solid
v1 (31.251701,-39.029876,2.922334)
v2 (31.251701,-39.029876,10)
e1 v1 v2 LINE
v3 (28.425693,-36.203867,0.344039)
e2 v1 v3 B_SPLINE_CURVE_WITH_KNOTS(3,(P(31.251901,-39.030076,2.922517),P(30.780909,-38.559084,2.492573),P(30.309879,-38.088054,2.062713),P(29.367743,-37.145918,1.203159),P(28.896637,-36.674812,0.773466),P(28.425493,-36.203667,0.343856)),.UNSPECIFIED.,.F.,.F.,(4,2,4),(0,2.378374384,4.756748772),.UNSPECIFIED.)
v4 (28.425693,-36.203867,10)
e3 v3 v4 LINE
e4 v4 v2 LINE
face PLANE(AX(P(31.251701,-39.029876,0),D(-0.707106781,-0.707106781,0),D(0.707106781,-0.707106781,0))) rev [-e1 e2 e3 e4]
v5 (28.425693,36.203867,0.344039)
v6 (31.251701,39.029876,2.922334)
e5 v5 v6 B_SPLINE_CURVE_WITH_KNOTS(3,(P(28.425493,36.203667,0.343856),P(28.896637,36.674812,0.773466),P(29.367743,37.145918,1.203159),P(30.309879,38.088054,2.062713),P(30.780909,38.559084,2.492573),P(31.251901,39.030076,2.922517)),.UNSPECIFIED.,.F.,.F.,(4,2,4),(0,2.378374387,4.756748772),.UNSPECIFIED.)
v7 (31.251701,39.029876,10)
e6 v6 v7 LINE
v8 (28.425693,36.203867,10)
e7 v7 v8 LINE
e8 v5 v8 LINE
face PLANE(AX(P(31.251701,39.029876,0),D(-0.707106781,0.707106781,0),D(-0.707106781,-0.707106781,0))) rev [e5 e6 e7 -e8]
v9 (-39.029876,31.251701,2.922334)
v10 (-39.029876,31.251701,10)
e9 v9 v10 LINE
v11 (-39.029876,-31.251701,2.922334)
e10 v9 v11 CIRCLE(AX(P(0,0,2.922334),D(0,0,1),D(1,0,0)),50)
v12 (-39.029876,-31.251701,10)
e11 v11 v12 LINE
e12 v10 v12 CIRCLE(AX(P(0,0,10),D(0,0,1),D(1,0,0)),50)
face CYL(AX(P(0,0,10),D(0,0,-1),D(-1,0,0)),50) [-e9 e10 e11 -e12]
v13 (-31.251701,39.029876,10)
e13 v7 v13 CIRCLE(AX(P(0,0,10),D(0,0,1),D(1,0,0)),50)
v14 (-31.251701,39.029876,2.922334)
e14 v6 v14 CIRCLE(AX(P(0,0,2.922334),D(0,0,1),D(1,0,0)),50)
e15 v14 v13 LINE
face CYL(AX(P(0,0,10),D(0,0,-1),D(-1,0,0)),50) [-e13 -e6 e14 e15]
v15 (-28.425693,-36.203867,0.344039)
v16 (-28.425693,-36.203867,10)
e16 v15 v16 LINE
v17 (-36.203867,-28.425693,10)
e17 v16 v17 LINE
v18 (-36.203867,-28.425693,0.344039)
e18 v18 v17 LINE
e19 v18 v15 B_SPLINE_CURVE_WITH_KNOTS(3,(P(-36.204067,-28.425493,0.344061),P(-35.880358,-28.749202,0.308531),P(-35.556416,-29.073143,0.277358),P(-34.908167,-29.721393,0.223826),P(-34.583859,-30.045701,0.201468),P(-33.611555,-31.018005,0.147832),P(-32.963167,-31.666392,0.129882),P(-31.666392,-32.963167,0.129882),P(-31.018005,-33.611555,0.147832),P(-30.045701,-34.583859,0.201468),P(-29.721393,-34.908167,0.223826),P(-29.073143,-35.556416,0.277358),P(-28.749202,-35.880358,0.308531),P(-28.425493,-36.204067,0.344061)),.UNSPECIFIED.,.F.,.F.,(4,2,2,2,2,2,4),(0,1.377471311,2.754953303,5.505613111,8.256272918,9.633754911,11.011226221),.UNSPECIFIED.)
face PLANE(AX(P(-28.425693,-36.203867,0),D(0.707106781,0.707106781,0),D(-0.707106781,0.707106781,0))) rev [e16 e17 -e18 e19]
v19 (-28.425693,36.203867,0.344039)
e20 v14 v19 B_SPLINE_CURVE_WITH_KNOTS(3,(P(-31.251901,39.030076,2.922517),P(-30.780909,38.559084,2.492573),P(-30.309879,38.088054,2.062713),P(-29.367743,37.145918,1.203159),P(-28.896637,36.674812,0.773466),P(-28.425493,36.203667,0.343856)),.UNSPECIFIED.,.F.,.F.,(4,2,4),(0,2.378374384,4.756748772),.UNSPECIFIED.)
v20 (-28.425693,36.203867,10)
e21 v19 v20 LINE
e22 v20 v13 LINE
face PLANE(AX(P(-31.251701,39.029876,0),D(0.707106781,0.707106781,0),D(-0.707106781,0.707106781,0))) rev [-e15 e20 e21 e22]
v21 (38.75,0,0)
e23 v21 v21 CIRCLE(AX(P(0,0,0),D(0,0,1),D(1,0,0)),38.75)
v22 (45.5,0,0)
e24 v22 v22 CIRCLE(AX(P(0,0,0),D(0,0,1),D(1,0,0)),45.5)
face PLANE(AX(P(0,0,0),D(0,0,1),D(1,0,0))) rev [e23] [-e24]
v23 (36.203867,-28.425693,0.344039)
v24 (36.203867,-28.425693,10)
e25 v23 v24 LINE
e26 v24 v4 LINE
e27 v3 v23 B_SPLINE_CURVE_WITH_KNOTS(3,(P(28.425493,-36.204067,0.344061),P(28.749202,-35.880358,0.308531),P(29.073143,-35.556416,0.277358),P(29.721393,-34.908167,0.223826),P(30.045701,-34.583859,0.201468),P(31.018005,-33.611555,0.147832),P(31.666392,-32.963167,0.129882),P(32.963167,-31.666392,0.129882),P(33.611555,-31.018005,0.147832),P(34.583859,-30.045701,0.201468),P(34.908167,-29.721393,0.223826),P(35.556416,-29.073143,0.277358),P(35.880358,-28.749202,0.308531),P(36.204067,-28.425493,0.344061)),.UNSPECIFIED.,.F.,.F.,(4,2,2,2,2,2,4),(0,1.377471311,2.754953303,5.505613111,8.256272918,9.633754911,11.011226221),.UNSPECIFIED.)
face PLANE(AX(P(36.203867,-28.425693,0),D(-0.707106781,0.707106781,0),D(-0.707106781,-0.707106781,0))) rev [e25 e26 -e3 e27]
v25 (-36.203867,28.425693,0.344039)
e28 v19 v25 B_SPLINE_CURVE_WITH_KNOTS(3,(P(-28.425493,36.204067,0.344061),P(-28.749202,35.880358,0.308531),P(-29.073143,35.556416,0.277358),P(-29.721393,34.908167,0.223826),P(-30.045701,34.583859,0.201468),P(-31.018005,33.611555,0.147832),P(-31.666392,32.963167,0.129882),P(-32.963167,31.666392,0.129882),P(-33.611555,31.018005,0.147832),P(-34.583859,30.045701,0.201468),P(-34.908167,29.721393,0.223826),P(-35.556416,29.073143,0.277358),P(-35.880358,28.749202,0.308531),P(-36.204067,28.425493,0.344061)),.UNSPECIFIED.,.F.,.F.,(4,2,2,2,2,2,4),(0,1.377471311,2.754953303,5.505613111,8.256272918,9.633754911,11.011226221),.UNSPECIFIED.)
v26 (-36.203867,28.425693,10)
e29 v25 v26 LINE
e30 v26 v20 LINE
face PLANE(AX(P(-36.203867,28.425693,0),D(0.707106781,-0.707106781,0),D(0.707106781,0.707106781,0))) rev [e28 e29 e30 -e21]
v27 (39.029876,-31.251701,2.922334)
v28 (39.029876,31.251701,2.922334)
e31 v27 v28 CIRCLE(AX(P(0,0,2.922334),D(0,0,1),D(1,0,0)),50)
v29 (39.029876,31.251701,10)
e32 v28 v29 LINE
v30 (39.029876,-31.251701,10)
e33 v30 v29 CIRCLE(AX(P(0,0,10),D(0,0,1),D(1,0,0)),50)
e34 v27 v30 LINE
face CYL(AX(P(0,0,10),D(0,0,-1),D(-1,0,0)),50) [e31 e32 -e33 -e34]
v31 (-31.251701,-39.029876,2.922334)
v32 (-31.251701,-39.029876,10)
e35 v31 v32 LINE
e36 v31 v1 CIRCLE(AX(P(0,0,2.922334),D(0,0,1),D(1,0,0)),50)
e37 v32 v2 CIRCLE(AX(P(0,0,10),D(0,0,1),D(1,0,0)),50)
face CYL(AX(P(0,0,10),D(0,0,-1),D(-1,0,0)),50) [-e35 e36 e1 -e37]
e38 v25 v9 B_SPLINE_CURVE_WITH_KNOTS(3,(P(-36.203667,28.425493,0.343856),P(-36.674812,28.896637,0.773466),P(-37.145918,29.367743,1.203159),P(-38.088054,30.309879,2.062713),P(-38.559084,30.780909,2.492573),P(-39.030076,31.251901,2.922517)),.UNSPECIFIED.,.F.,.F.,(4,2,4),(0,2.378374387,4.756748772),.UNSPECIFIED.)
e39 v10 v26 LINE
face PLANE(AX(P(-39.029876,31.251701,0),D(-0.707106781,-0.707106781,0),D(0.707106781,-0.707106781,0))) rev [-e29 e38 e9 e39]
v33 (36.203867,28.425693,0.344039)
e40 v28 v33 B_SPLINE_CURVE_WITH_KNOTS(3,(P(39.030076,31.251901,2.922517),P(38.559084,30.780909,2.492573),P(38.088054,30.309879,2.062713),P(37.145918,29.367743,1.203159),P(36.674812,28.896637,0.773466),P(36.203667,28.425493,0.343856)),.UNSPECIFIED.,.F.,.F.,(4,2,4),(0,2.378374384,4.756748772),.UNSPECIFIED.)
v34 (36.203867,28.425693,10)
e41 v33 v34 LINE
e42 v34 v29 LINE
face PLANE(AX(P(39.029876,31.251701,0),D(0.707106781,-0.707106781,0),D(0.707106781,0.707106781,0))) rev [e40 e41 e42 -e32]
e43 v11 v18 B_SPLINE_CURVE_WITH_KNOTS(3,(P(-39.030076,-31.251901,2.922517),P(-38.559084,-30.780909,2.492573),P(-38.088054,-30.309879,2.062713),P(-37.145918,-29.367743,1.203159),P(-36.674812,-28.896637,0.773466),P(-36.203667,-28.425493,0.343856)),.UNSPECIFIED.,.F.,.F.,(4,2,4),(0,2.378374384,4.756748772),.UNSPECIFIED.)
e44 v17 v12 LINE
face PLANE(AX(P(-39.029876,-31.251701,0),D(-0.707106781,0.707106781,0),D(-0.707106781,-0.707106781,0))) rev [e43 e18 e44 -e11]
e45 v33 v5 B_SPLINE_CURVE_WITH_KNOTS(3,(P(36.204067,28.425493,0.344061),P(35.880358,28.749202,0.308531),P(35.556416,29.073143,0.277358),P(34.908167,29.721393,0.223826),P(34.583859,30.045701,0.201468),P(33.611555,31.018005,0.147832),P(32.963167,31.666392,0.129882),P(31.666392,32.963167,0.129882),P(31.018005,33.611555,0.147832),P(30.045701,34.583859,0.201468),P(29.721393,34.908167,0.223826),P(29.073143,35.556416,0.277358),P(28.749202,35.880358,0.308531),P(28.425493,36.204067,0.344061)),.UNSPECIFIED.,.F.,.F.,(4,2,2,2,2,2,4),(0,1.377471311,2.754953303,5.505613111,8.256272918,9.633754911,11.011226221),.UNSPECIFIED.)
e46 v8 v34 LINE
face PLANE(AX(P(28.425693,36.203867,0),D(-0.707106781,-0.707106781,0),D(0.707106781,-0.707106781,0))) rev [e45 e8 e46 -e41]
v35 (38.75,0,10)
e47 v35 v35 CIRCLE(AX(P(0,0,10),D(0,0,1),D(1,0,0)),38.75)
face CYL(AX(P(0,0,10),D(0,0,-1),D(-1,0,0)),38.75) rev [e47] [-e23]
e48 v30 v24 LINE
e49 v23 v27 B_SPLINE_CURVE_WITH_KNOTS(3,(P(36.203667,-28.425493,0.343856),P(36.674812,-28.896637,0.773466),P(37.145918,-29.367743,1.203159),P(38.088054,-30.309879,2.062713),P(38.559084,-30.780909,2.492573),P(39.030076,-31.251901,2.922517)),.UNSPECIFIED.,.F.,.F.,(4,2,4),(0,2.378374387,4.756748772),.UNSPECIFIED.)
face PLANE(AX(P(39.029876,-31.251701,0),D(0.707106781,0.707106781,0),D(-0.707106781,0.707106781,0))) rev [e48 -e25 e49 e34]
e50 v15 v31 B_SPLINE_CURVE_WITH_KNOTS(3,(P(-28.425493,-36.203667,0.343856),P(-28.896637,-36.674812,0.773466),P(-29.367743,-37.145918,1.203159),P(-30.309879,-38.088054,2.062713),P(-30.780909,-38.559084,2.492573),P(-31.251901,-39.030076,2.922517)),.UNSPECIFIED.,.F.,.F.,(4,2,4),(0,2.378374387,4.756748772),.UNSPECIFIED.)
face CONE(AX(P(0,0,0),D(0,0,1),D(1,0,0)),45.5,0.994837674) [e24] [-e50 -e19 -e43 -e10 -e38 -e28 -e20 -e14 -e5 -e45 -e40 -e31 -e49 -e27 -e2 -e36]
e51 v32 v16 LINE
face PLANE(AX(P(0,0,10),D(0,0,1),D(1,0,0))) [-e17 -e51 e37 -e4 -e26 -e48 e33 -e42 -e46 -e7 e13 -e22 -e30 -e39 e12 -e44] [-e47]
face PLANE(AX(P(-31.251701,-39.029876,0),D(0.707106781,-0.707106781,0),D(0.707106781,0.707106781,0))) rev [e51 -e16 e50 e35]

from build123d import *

# Parameters (mm, degrees)
SKETCH1_R          = 50
SKETCH1_R_2        = 38.75
EXTRUDE1_DEPTH     = 10
CUT_EXTRUDE1_DEPTH = 11
CIRPATTERN1_COUNT  = 4


with BuildPart() as part:
    # Sketch1 → Extrude1 (new body)
    with BuildSketch(Plane.XY):
        Circle(SKETCH1_R)
        Circle(SKETCH1_R_2, mode=Mode.SUBTRACT)
    extrude(amount=EXTRUDE1_DEPTH)

    # Sketch2 → Cut-Extrude1 (cut, through all)
    with BuildSketch(Plane.XY.offset(10)):
        with BuildLine():
            Line((31.25170097, 39.029875563), (28.425692604, 36.203867197))
            Line((28.425692604, 36.203867197), (36.203867197, 28.425692604))
            Line((36.203867197, 28.425692604), (39.029875563, 31.25170097))
            ThreePointArc((39.029875563, 31.25170097), (35.355339059, 35.355339059), (31.25170097, 39.029875563))
        make_face()
    cut_extrude1 = extrude(amount=-CUT_EXTRUDE1_DEPTH, mode=Mode.SUBTRACT)

    # CirPattern1: Cut-Extrude1 ×4 about axis
    cirpattern1_axis = Axis((0, 0, 0), (0, 0, 1))
    for i in range(1, CIRPATTERN1_COUNT):
        add(cut_extrude1.rotate(cirpattern1_axis, i * 360 / CIRPATTERN1_COUNT), mode=Mode.SUBTRACT)

    # Sketch3 → Cut-Revolve1 (revolve, cut)
    with BuildSketch(Plane(origin=(0, 0, 0), x_dir=(1, 0, 0), z_dir=(0, 1, 0))):
        Polygon((50, 0), (45.5, 0), (50, -2.922334169), align=None)
    revolve(axis=Axis((0, 0, 0), (0, 0, -1)), mode=Mode.SUBTRACT)


solid = part.part
